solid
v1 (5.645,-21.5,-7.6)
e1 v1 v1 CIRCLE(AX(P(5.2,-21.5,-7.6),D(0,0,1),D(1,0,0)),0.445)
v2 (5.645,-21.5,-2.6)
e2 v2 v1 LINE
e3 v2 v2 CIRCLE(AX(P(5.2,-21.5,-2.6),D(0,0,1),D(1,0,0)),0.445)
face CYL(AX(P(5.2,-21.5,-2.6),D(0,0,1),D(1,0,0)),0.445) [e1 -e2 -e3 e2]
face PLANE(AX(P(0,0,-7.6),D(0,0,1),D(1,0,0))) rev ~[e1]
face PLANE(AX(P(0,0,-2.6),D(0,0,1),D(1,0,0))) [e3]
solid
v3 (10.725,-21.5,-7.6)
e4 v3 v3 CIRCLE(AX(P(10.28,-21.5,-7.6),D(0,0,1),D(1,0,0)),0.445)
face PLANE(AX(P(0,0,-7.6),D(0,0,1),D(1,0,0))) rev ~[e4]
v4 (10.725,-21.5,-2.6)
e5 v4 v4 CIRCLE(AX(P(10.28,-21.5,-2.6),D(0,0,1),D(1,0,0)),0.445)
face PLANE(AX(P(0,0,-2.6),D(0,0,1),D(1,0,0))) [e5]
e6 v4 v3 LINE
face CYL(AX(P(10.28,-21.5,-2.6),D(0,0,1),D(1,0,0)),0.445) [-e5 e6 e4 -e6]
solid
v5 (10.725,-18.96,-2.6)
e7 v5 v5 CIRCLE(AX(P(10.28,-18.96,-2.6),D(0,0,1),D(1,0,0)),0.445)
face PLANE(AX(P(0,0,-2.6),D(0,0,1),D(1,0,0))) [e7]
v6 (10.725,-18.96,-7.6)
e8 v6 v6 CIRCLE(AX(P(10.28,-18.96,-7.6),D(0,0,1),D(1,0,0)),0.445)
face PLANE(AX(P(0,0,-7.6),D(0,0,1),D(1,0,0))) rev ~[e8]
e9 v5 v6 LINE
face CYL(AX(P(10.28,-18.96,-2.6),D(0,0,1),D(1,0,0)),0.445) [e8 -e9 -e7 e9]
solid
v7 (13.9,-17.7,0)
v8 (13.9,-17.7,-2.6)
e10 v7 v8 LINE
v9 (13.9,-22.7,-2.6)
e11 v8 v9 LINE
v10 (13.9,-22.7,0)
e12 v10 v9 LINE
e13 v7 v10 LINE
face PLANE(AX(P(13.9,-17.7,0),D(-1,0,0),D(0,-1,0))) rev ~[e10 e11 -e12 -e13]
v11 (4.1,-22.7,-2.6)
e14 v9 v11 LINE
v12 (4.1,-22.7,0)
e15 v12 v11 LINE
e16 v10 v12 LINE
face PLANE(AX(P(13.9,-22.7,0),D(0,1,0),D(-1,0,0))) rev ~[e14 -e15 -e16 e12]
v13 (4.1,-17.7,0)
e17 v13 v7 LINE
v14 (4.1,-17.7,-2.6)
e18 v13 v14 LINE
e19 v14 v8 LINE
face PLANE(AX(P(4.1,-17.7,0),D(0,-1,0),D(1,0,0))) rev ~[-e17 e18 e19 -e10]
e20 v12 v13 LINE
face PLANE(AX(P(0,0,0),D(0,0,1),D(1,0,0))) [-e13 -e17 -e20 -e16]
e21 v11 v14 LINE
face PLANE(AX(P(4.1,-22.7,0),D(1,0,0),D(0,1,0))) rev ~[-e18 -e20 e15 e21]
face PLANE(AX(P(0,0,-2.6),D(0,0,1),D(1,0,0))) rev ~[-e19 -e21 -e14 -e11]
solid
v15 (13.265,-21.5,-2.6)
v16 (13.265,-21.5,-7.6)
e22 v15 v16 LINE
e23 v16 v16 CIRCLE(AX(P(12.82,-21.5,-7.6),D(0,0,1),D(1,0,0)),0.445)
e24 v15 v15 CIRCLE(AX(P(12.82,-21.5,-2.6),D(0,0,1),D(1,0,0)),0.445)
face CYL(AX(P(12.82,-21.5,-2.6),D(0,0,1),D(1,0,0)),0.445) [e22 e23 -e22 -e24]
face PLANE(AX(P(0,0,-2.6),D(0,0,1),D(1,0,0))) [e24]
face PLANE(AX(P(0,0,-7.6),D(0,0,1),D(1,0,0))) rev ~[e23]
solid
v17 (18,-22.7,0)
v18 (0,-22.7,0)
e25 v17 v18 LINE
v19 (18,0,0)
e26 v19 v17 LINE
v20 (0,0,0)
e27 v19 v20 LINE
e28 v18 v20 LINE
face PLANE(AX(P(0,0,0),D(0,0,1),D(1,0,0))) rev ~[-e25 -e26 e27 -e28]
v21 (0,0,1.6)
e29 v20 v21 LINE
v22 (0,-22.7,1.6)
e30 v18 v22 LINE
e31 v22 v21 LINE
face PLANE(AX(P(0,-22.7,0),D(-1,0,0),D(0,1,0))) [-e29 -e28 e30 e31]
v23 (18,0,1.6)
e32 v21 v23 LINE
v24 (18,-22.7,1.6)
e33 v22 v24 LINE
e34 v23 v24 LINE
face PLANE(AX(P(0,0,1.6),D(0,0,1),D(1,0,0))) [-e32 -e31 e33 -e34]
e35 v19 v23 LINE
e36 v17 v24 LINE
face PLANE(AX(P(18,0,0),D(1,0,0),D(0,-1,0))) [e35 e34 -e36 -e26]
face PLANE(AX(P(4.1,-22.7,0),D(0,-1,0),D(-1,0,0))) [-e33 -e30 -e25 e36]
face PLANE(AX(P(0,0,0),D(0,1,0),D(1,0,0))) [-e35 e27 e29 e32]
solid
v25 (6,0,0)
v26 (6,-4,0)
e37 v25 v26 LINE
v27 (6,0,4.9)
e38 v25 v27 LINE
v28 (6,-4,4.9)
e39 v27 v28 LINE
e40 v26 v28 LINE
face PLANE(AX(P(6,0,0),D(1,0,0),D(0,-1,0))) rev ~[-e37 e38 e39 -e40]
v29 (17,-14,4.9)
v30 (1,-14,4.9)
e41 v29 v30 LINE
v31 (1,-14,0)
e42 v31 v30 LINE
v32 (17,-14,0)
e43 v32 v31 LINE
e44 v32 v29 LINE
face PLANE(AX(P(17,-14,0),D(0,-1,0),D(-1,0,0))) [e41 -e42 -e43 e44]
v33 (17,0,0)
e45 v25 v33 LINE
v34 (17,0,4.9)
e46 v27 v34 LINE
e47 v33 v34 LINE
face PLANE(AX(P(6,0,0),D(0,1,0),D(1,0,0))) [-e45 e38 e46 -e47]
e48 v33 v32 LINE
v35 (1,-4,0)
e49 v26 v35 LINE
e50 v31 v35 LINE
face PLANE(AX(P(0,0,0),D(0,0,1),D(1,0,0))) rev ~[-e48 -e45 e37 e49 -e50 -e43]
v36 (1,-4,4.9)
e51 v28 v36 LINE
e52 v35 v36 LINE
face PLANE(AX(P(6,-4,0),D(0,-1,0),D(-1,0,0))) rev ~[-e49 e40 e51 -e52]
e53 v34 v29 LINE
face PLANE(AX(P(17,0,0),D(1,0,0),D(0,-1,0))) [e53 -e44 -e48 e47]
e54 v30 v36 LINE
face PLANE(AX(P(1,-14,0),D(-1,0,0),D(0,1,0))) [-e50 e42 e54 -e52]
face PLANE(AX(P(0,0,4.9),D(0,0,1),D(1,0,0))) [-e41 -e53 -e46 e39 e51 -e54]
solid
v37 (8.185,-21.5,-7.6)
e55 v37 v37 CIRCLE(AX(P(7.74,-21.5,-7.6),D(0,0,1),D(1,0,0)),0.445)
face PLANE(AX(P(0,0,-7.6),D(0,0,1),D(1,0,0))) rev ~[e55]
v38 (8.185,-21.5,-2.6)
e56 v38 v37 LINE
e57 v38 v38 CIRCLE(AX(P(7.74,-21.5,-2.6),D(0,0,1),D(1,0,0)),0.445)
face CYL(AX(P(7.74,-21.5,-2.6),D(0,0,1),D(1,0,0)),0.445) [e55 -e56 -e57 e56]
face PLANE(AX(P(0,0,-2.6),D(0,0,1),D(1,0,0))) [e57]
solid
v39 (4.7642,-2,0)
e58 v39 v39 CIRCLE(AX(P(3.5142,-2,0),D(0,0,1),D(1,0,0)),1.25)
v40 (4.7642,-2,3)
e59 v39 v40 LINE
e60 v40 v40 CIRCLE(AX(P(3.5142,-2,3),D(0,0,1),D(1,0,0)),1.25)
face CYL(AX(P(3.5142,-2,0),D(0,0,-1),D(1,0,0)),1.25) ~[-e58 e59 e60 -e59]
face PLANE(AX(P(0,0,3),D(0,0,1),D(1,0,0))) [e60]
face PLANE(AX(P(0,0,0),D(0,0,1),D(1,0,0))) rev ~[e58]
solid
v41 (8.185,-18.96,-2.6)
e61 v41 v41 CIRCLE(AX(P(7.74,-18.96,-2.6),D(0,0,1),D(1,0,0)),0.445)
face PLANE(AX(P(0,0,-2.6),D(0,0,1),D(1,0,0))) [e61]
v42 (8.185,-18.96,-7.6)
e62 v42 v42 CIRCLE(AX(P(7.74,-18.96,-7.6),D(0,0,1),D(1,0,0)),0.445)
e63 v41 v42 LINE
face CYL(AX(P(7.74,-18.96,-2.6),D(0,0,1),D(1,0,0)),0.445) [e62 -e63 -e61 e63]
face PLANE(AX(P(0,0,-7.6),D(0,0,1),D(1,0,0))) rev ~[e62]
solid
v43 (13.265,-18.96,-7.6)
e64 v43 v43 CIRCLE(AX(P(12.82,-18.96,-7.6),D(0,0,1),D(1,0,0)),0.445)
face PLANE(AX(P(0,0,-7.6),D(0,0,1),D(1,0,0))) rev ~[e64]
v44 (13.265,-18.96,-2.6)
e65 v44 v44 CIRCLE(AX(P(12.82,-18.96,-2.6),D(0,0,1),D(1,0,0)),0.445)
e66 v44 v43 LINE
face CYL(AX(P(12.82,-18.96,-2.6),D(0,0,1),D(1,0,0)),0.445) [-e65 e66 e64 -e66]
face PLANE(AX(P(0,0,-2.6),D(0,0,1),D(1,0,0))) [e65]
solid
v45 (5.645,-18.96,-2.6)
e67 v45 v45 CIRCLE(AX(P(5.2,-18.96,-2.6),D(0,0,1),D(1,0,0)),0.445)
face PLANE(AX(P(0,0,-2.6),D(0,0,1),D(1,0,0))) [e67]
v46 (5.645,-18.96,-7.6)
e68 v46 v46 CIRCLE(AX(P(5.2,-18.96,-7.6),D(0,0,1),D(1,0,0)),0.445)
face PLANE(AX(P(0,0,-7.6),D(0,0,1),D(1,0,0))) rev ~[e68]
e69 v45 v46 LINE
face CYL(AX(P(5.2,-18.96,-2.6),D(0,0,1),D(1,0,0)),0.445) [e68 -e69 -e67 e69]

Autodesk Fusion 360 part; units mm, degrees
sketch "Esquisse1" plane through (0, 0, 0) normal (0, 0, 1) x (1, 0, 0) in component "LoRa RA-02"
  line L0 (0, 0) -> (18, 0)
  line L1 (18, 0) -> (18, -22.7)
  line L2 (18, -22.7) -> (0, -22.7)
  line L3 (0, -22.7) -> (0, 0)
  line L4 (1, 0) -> (17, 0)
  line L5 (17, 0) -> (17, -14)
  line L6 (17, -14) -> (1, -14)
  line L7 (1, -14) -> (1, 0)
  line L8 (13.9, -22.7) -> (4.1, -22.7)
  line L9 (4.1, -22.7) -> (4.1, -17.7)
  line L10 (4.1, -17.7) -> (13.9, -17.7)
  line L11 (13.9, -17.7) -> (13.9, -22.7)
  line L12 (1, 0) -> (6, 0)
  line L13 (6, 0) -> (6, -4)
  line L14 (6, -4) -> (1, -4)
  line L15 (1, -4) -> (1, 0)
  circle A0 centre (3.5142, -2) radius 1.25
  circle A1 centre (5.2, -21.5) radius 0.445
  circle A2 centre (7.74, -21.5) radius 0.445
  circle A3 centre (10.28, -21.5) radius 0.445
  circle A4 centre (12.82, -21.5) radius 0.445
  circle A5 centre (5.2, -18.96) radius 0.445
  circle A6 centre (7.74, -18.96) radius 0.445
  circle A7 centre (10.28, -18.96) radius 0.445
  circle A8 centre (12.82, -18.96) radius 0.445
  dimension "d1" = 18
  dimension "d2" = 22.7
  dimension "d3" = 16
  dimension "d4" = 14
  dimension "d5" = 9.8
  dimension "d6" = 5
  dimension "d7" = 5
  dimension "d8" = 4
  dimension "d9" = 2.5
  dimension "d18" = 0.89
  dimension "d21" = 7.62
  dimension "d22" = 2.54
  dimension "d23" = 1.2
  dimension "d24" = 1.1
extrude "Extrusion1" add sketch "Esquisse1" along normal blind 1.6 contours L0 L1 L2 L3 L5 L6 L7 L9 L10 L11 L15 | L0 L4 L7 L12 L13 L14 L15 | L0 L4 L5 L6 L7 L13 L14 | L2 L8 L9 L10 L11 | A0 | A1 | A2 | A3 | A4 | A5 | A6 | A7 | A8 makes body 1 in component "LoRa RA-02"
extrude "Extrusion2" add sketch "Esquisse1" against normal blind 2.6 separate body contours L2 L8 L9 L10 L11 | A1 | A2 | A3 | A4 | A5 | A6 | A7 | A8 makes body 2 in component "LoRa RA-02"
extrude "Extrusion3" add sketch "Esquisse1" along normal blind 4.9 separate body contours L0 L4 L5 L6 L7 L13 L14 makes body 3 in component "LoRa RA-02"
extrude "Extrusion4" add sketch "Esquisse1" along normal blind 3 separate body contours A0 makes body 4 in component "LoRa RA-02"
extrude "Extrusion5" add sketch "Esquisse1" against normal blind 5 from surface at -2.6 separate body contours A1 | A2 | A3 | A4 | A5 | A6 | A7 | A8 makes body 5 at (10.077, -19.356, -4.2667) makes body 6 at (8.1712, -21.6098, -5.9333) makes body 7 at (12.617, -21.896, -4.2667) makes body 8 at (8.1712, -19.0698, -5.9333) makes body 9 at (12.617, -19.356, -4.2667) makes body 10 at (5.6312, -21.6098, -5.9333) makes body 11 at (10.077, -21.896, -4.2667) makes body 12 at (5.6312, -19.0698, -5.9333) in component "LoRa RA-02"
component "LoRa RA-02" placed x (1, 0, 0) y (0, 1, 0) z (0, 0, 1) at (0, 0, 0)
